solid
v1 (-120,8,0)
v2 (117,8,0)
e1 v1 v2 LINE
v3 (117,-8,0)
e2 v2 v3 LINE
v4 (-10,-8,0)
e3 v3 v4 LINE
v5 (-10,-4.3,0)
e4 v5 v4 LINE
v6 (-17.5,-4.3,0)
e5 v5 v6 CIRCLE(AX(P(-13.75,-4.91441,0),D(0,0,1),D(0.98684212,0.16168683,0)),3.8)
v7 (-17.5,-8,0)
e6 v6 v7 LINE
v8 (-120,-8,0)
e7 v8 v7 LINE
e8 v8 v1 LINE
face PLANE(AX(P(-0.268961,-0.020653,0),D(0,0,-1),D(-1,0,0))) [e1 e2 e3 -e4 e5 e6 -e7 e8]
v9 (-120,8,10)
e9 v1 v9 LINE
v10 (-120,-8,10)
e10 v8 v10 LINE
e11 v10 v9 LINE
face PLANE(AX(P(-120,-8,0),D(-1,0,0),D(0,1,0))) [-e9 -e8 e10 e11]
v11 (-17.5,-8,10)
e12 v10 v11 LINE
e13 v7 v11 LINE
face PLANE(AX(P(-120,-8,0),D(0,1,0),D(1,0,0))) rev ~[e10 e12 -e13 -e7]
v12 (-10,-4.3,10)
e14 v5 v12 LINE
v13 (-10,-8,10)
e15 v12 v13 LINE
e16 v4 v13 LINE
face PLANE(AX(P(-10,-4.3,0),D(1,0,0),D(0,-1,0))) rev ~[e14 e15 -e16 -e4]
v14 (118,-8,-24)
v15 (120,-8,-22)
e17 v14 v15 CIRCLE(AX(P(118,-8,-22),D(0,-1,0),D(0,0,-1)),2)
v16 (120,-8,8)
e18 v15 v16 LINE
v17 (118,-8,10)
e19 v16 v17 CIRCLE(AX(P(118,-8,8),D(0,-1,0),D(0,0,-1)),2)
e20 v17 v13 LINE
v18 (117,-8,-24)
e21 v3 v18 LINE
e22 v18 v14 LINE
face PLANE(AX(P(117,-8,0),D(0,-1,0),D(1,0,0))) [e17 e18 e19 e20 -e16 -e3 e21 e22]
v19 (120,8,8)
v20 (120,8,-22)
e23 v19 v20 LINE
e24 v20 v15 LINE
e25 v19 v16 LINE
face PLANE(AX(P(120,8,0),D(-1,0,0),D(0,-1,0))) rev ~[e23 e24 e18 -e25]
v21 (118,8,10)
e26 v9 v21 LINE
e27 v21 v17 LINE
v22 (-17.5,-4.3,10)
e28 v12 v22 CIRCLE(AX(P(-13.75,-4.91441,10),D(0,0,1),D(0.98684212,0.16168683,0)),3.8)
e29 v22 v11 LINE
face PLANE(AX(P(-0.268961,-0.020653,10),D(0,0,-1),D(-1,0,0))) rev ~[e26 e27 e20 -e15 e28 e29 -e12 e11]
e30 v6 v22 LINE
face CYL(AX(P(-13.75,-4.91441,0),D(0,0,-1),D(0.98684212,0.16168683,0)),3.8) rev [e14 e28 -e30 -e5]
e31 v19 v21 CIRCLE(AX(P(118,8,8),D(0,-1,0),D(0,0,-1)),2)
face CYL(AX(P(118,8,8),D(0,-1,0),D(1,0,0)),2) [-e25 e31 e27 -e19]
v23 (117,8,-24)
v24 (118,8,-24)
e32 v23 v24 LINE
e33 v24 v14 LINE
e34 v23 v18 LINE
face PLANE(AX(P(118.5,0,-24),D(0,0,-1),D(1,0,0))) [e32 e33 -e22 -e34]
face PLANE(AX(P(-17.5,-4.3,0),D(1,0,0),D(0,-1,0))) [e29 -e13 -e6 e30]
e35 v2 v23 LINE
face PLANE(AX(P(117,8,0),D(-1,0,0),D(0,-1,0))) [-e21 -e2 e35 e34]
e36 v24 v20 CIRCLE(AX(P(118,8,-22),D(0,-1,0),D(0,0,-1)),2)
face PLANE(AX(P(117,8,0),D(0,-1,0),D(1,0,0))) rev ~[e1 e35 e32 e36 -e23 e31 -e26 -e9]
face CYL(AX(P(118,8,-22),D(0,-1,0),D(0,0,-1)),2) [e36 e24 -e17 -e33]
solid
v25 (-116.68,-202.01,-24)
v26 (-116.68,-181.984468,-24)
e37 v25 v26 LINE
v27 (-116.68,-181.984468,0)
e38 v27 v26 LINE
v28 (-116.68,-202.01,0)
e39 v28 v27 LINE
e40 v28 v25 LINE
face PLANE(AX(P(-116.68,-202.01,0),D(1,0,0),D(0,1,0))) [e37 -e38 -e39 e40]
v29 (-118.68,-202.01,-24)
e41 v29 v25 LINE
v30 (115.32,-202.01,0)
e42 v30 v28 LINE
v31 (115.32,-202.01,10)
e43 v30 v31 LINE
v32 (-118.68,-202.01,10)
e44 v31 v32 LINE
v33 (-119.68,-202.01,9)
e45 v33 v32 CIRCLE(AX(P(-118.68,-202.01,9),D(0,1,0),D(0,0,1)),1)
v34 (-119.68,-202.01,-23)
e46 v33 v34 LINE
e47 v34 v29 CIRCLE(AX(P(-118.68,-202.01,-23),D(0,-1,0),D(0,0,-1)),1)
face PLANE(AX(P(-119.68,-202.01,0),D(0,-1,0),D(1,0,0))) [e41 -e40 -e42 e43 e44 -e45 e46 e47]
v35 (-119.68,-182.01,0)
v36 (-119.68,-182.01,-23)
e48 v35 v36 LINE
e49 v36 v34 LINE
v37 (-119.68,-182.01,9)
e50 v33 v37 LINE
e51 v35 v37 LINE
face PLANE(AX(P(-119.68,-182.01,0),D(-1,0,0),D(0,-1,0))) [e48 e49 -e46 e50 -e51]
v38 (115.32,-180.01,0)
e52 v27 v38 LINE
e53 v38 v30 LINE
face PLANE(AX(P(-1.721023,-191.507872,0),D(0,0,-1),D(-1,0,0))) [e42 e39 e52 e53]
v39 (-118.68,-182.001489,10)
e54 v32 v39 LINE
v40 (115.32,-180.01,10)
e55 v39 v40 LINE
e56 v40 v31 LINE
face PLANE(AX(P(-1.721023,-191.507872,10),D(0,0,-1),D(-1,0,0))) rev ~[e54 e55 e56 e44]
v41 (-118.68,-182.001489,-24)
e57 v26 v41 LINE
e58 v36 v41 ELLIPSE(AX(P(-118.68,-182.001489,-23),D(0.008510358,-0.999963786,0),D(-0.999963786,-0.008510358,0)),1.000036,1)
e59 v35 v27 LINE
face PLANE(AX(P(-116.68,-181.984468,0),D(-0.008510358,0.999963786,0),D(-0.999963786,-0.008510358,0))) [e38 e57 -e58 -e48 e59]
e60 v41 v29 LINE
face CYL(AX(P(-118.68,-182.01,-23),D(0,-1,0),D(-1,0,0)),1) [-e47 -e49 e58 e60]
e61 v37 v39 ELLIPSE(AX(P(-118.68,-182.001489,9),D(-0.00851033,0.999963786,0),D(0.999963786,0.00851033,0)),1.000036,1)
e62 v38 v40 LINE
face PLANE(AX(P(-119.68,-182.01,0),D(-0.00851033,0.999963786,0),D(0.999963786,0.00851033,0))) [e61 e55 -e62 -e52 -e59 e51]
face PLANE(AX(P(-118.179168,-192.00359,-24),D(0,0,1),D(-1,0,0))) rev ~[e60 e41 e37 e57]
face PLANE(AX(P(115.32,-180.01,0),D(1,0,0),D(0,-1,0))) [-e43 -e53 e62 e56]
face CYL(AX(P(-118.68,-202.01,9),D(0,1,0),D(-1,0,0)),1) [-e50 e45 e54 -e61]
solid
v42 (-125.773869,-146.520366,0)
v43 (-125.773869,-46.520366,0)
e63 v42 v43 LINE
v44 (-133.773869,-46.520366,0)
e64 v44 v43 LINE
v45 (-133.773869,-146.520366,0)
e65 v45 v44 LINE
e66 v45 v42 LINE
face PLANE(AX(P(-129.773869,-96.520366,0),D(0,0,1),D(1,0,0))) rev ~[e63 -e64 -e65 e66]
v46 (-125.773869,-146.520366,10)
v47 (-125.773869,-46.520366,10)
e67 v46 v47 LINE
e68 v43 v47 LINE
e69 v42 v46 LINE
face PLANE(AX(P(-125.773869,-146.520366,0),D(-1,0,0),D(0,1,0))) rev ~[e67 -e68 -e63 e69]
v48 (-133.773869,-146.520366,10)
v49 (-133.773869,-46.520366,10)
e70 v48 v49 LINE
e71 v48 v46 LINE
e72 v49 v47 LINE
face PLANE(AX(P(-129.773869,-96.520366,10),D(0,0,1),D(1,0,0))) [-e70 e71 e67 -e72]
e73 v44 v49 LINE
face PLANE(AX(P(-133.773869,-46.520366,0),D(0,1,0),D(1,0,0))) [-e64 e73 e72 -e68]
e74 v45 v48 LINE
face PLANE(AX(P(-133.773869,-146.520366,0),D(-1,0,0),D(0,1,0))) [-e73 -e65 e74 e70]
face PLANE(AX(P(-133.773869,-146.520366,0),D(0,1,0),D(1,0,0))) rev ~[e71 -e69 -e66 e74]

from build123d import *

# Parameters (mm, degrees)
PAD_DEPTH    = 10
SKETCH001_W  = 3
SKETCH001_H  = 16
PAD001_DEPTH = 24
FILLET_R     = 2
SKETCH002_W  = 8
SKETCH002_H  = 100
PAD002_DEPTH = 10
PAD003_DEPTH = 10
PAD004_DEPTH = 24
FILLET001_R  = 1


with BuildPart() as body:
    # Sketch → Pad (new body)
    with BuildSketch(Plane.XY):
        with BuildLine():
            Line((-120, 8), (120, 8))
            Line((120, 8), (120, -8))
            Line((120, -8), (-10, -8))
            Line((-10, -4.3), (-10, -8))
            ThreePointArc((-10, -4.3), (-13.75, -1.11441), (-17.5, -4.3))
            Line((-17.5, -4.3), (-17.5, -8))
            Line((-120, -8), (-17.5, -8))
            Line((-120, -8), (-120, 8))
        make_face()
    extrude(amount=PAD_DEPTH)

    # Sketch001 (on Face9 of Pad) → Pad001 (join)
    with BuildSketch(Plane(origin=(0, 0, 0), x_dir=(1, 0, 0), z_dir=(0, 0, -1))):
        with Locations((118.5, 0)):
            Rectangle(SKETCH001_W, SKETCH001_H)
    extrude(amount=PAD001_DEPTH)

    # Fillet
    fillet_edges = [body.edges().sort_by_distance(p)[0] for p in [
        (120, 0, 10),
        (120, 0, -24),
    ]]
    fillet(fillet_edges, radius=FILLET_R)


with BuildPart() as body001:
    # Sketch002 → Pad002 (new body)
    with BuildSketch(Plane.XY):
        with Locations((-129.773869, -96.520366)):
            Rectangle(SKETCH002_W, SKETCH002_H)
    extrude(amount=PAD002_DEPTH)


with BuildPart() as body002:
    # Sketch003 → Pad003 (new body)
    with BuildSketch(Plane.XY):
        Polygon((-119.68, -182.01), (115.32, -180.01), (115.32, -202.01), (-119.68, -202.01), align=None)
    extrude(amount=PAD003_DEPTH)

    # Sketch004 (on Face5 of Pad003) → Pad004 (join)
    with BuildSketch(Plane(origin=(0, 0, 0), x_dir=(1, 0, 0), z_dir=(0, 0, -1))):
        Polygon((-119.68, 202.01), (-116.68, 202.01), (-116.68, 181.984468), (-119.68, 182.01), align=None)
    extrude(amount=PAD004_DEPTH)

    # Fillet001
    fillet001_edges = [body002.edges().sort_by_distance(p)[0] for p in [
        (-119.68, -192.01, 10),
        (-119.68, -192.01, -24),
    ]]
    fillet(fillet001_edges, radius=FILLET001_R)


solid = Compound([body.part, body001.part, body002.part])
